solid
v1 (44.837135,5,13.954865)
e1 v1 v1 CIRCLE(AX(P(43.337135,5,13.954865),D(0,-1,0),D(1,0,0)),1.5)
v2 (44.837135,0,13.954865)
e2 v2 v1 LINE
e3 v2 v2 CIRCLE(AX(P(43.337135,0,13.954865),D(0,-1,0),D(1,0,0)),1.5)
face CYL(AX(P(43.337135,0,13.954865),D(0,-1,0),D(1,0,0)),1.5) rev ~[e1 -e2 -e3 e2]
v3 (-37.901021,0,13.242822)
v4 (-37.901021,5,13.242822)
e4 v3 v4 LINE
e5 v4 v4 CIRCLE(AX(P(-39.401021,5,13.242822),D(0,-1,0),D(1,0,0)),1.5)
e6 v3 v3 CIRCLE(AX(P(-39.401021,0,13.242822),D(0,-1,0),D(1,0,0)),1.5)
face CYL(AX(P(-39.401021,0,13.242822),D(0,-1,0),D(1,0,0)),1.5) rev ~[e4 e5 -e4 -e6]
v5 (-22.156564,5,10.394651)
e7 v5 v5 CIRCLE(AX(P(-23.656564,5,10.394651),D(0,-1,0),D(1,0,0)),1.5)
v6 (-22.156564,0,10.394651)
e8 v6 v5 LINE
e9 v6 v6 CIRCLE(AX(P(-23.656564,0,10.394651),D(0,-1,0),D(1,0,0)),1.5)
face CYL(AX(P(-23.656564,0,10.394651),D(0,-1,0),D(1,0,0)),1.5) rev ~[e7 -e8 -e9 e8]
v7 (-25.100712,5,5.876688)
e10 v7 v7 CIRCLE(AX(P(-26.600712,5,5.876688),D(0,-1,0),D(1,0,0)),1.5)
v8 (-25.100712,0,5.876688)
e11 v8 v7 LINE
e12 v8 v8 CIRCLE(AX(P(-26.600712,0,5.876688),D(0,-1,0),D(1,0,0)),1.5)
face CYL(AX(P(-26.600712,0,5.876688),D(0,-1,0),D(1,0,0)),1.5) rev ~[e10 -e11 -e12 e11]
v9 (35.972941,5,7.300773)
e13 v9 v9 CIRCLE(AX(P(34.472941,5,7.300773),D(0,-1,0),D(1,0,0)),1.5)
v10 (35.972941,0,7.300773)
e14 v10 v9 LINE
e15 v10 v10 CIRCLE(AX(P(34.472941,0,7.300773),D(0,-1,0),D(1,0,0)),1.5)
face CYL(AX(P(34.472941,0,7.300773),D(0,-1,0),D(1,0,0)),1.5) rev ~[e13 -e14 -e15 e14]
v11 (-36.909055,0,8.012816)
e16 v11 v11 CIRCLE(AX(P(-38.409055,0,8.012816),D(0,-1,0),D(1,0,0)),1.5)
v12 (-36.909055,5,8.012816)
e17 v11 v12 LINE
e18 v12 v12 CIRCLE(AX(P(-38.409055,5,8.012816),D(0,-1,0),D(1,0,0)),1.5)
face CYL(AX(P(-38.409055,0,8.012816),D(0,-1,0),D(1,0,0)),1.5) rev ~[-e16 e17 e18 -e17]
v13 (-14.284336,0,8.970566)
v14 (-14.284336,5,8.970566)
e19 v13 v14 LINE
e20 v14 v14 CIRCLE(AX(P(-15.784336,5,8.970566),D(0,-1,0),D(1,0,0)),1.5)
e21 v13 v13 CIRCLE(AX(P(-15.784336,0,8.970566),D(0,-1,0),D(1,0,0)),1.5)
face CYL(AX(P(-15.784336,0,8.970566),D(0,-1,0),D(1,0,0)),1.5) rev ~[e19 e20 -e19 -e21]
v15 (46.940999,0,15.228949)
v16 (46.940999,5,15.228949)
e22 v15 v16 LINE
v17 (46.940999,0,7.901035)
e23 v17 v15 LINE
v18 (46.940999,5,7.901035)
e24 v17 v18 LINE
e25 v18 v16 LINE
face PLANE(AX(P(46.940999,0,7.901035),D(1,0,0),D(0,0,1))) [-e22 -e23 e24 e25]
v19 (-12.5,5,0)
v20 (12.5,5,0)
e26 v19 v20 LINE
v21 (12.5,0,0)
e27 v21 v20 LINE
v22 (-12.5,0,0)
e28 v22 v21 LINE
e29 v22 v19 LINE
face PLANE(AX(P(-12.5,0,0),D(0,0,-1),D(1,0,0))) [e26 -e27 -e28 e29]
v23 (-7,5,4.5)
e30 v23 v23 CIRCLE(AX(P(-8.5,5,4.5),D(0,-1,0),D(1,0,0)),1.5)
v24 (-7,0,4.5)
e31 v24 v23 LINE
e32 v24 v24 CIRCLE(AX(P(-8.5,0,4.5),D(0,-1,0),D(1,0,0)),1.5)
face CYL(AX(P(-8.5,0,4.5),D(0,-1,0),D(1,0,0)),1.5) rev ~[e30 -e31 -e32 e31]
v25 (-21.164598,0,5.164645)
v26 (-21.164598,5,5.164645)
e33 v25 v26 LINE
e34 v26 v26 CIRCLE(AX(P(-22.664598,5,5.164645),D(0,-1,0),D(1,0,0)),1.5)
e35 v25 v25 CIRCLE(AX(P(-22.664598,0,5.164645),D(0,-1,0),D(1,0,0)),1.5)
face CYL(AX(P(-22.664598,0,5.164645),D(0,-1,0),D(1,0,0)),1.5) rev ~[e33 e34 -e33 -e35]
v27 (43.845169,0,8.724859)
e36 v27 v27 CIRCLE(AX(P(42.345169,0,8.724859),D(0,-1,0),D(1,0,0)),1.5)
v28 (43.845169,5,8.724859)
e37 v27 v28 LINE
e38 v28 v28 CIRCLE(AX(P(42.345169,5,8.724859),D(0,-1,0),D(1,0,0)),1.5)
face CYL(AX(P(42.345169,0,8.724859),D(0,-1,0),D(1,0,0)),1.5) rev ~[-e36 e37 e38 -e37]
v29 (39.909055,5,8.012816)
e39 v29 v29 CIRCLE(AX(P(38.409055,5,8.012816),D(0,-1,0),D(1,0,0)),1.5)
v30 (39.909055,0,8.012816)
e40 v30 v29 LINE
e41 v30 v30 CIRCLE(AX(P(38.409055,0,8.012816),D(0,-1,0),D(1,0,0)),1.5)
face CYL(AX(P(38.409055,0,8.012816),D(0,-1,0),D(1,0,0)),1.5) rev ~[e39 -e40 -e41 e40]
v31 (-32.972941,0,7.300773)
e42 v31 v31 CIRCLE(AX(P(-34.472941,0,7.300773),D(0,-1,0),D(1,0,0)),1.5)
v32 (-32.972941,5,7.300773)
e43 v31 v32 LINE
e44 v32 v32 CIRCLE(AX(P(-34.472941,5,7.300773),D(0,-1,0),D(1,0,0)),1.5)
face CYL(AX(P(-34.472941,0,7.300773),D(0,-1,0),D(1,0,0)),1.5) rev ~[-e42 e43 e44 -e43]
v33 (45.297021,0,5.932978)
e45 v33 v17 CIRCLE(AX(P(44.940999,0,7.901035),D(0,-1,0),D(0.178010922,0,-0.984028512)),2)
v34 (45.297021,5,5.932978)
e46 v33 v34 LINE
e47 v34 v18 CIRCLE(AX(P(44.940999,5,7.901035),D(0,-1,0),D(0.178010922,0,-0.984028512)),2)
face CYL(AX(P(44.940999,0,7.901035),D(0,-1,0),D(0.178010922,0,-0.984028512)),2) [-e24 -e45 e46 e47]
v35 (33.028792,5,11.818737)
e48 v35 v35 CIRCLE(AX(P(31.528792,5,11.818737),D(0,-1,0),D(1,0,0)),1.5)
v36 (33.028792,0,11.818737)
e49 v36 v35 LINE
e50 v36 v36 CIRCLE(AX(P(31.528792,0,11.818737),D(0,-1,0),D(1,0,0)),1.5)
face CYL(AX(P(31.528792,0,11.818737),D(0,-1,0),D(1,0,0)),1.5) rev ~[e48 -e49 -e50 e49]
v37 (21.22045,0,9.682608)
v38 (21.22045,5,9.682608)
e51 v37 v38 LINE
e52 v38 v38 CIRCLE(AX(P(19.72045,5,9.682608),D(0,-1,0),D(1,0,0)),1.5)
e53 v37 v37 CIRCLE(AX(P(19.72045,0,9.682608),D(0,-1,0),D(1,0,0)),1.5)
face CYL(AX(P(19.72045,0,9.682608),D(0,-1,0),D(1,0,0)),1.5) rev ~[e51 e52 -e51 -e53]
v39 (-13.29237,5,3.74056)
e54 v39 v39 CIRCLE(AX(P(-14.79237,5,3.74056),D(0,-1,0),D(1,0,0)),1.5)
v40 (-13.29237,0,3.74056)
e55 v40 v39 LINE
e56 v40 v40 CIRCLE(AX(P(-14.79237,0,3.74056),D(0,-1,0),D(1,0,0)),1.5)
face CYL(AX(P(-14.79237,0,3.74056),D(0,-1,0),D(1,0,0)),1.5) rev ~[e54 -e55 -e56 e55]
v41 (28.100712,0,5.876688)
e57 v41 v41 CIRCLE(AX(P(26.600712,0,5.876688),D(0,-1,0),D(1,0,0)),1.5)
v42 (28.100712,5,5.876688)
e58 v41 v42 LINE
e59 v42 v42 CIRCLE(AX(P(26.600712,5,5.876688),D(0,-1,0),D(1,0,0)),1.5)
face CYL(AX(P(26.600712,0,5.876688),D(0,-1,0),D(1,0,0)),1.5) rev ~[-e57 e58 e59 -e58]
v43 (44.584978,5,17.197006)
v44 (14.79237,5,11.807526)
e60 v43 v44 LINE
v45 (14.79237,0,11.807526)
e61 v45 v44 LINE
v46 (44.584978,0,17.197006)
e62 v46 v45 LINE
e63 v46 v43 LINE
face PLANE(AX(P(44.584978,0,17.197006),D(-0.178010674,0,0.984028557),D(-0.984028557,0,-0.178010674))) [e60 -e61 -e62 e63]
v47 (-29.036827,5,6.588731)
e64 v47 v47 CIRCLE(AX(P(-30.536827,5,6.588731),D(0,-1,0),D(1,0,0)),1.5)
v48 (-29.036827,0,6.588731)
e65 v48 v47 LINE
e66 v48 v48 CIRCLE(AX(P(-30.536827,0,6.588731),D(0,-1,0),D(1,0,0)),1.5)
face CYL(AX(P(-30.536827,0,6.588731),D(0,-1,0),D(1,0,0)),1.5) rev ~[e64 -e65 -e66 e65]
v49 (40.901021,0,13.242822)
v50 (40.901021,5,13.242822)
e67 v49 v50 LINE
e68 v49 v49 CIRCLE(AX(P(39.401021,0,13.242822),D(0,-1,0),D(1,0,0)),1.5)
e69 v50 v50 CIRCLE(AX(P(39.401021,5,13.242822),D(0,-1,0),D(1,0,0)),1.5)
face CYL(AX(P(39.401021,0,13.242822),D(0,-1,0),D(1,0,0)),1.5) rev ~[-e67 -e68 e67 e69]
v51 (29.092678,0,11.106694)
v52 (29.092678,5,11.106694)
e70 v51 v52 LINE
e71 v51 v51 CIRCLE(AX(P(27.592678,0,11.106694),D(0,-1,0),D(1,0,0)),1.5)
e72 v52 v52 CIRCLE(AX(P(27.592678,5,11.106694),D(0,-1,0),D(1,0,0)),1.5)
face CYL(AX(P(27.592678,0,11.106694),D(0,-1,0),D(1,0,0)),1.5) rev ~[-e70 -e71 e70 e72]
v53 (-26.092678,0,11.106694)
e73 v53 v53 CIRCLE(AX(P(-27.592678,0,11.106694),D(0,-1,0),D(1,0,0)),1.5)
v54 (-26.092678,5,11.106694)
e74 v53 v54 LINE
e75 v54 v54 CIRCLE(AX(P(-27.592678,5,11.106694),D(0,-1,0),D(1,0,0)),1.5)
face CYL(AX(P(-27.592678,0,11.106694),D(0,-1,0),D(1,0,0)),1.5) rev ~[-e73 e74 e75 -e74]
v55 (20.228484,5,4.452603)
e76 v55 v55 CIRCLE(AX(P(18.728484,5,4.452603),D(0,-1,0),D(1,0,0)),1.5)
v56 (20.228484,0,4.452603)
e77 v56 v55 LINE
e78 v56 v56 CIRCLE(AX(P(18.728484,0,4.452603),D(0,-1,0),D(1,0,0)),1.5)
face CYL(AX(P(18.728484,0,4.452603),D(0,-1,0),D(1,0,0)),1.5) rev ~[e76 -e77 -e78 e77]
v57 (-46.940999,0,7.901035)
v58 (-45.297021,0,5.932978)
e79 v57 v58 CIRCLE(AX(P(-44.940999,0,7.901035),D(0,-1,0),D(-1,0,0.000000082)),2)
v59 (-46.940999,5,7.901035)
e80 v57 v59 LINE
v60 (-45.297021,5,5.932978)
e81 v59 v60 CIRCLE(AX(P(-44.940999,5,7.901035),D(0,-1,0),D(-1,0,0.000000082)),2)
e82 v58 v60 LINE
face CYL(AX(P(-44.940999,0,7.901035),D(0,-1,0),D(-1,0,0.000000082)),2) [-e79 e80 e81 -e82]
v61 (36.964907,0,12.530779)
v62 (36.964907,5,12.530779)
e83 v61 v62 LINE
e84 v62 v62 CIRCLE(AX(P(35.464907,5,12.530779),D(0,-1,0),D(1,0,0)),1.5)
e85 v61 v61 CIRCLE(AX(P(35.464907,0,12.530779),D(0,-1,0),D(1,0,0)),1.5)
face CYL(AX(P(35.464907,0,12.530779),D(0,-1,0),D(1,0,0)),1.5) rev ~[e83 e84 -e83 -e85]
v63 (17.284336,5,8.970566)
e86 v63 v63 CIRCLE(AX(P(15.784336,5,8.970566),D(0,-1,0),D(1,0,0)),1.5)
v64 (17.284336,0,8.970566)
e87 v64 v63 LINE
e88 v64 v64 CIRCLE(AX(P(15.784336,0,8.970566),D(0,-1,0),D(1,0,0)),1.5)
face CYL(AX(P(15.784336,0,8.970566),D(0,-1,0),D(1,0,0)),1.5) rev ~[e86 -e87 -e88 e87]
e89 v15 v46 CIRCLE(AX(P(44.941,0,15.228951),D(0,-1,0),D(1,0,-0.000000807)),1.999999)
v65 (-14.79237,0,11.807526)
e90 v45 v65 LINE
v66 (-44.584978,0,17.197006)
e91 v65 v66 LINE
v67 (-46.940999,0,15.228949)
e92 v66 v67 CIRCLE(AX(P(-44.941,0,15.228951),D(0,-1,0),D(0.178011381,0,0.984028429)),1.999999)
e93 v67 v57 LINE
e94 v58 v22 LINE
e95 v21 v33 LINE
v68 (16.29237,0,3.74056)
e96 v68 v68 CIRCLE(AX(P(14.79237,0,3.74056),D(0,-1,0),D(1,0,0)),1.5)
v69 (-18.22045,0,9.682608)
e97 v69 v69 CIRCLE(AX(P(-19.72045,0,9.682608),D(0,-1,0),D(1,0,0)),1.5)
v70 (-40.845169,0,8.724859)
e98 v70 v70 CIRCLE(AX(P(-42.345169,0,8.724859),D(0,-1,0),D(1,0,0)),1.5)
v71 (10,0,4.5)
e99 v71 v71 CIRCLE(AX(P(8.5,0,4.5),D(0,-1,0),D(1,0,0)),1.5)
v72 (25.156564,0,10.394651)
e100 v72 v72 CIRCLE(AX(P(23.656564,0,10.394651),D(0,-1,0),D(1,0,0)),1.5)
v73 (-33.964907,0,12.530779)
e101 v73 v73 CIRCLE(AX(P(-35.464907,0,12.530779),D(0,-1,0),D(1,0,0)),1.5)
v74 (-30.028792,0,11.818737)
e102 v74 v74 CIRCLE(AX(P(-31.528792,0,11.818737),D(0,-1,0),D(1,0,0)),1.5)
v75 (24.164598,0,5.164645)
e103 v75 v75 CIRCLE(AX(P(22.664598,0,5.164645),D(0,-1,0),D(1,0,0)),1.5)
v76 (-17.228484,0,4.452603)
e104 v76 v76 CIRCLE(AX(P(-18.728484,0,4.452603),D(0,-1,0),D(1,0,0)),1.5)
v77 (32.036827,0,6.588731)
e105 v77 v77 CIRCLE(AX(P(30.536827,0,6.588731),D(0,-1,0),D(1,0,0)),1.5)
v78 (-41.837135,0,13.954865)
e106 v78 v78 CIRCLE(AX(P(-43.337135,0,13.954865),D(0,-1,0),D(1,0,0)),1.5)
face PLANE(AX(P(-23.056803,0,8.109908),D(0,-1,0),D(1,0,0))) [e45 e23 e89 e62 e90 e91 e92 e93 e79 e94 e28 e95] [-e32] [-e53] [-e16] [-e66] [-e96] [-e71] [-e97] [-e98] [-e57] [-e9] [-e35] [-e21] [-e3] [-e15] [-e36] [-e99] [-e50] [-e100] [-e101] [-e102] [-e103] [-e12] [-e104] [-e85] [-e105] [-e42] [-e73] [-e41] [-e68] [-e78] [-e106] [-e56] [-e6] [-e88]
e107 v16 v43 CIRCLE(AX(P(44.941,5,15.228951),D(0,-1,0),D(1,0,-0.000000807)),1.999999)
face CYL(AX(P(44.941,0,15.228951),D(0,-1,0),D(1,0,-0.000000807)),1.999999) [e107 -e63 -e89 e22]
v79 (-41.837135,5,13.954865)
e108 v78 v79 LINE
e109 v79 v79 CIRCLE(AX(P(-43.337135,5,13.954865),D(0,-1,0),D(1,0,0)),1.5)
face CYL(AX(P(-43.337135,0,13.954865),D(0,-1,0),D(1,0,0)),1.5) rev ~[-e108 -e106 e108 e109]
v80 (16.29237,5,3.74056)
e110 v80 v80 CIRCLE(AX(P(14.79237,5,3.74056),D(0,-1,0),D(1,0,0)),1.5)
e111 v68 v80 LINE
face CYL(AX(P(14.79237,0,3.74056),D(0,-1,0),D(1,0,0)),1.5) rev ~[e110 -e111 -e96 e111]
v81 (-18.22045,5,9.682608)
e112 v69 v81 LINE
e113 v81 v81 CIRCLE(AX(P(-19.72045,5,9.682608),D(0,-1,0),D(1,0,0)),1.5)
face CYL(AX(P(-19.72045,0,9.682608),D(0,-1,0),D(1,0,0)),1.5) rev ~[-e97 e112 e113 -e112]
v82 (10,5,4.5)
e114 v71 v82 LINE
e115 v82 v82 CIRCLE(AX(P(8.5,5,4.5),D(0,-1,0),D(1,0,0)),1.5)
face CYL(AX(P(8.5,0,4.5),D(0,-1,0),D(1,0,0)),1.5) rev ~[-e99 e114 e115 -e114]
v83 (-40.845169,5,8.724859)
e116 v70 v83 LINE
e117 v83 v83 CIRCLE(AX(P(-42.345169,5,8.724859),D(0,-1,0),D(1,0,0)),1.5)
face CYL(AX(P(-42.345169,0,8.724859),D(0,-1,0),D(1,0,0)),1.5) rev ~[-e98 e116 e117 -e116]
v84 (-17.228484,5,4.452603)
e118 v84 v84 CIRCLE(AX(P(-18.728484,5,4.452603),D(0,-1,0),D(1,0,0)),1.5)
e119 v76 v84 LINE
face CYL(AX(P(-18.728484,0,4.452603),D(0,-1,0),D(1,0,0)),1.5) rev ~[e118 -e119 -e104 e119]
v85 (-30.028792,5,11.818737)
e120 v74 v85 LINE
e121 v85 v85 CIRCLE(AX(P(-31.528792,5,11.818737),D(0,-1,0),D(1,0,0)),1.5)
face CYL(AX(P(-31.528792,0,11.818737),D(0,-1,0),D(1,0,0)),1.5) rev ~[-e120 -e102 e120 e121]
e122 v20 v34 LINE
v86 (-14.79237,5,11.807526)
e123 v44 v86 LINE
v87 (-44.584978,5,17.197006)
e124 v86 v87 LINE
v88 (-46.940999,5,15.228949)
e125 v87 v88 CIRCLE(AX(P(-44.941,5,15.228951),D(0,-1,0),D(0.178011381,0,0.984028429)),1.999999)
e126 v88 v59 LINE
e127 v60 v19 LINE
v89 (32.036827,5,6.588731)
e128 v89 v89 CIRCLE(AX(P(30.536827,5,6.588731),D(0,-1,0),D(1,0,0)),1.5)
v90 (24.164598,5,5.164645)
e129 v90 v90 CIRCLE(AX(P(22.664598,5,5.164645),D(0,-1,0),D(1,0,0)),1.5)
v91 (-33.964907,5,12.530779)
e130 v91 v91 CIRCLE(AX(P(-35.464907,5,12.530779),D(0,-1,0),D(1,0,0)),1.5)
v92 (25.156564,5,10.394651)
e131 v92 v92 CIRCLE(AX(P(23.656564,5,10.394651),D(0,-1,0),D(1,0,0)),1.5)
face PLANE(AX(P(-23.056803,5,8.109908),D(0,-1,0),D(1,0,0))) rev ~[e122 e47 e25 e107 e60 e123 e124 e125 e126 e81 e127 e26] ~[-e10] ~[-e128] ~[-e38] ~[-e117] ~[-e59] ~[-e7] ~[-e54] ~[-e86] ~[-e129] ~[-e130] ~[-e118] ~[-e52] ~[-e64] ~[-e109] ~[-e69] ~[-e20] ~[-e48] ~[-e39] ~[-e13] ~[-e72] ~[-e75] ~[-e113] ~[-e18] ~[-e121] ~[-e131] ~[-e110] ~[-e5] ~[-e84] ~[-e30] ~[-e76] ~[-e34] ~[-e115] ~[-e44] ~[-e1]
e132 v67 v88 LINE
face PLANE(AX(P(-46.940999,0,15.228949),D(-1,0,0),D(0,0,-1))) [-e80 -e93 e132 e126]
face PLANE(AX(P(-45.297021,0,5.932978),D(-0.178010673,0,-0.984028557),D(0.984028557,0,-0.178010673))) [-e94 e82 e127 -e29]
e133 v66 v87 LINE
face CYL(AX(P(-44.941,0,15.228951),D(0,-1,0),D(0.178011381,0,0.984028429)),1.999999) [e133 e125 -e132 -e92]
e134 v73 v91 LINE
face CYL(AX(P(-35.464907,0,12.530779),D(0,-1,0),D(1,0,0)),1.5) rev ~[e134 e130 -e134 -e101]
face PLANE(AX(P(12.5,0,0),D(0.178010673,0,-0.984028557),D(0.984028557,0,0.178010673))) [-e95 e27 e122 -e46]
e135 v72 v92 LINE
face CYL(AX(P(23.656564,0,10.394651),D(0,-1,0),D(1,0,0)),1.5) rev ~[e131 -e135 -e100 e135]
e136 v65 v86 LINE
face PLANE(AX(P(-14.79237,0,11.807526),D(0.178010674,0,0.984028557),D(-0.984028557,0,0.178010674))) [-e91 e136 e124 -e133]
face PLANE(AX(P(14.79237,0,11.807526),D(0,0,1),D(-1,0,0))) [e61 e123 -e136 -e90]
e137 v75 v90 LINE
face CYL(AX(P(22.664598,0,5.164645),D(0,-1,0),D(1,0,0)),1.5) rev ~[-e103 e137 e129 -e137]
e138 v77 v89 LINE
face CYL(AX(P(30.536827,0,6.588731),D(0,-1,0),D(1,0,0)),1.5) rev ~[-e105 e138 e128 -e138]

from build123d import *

# Parameters (mm, degrees)
F0_R     = 1.5
F1_DEPTH = 5


with BuildPart() as f1:
    # F0 (on Front) → F1 (new body)
    with BuildSketch(Plane.XZ):
        with BuildLine():
            Line((-46.940999, 15.228949), (-46.940999, 7.901035))
            ThreePointArc((-46.940999, 7.901035), (-46.475933, 6.618858), (-45.297021, 5.932978))
            Line((-45.297021, 5.932978), (-12.5, 0))
            Line((-12.5, 0), (0, 0))
            Line((0, 0), (0, 11.807526))
            Line((0, 11.807526), (-14.79237, 11.807526))
            Line((-14.79237, 11.807526), (-44.584978, 17.197006))
            ThreePointArc((-44.584978, 17.197006), (-46.223177, 16.763883), (-46.940999, 15.228949))
        make_face()
        with Locations((-14.79237, 3.74056)):
            Circle(F0_R, mode=Mode.SUBTRACT)
        with Locations((-26.600712, 5.876688)):
            Circle(F0_R, mode=Mode.SUBTRACT)
        with Locations((-38.409055, 8.012816)):
            Circle(F0_R, mode=Mode.SUBTRACT)
        with Locations((-30.536827, 6.588731)):
            Circle(F0_R, mode=Mode.SUBTRACT)
        with Locations((-34.472941, 7.300773)):
            Circle(F0_R, mode=Mode.SUBTRACT)
        with Locations((-18.728484, 4.452603)):
            Circle(F0_R, mode=Mode.SUBTRACT)
        with Locations((-22.664598, 5.164645)):
            Circle(F0_R, mode=Mode.SUBTRACT)
        with Locations((-8.5, 4.5)):
            Circle(F0_R, mode=Mode.SUBTRACT)
        with Locations((-42.345169, 8.724859)):
            Circle(F0_R, mode=Mode.SUBTRACT)
        with Locations((-23.656564, 10.394651)):
            Circle(F0_R, mode=Mode.SUBTRACT)
        with Locations((-35.464907, 12.530779)):
            Circle(F0_R, mode=Mode.SUBTRACT)
        with Locations((-31.528792, 11.818737)):
            Circle(F0_R, mode=Mode.SUBTRACT)
        with Locations((-27.592678, 11.106694)):
            Circle(F0_R, mode=Mode.SUBTRACT)
        with Locations((-19.72045, 9.682608)):
            Circle(F0_R, mode=Mode.SUBTRACT)
        with Locations((-15.784336, 8.970566)):
            Circle(F0_R, mode=Mode.SUBTRACT)
        with Locations((-43.337135, 13.954865)):
            Circle(F0_R, mode=Mode.SUBTRACT)
        with Locations((-39.401021, 13.242822)):
            Circle(F0_R, mode=Mode.SUBTRACT)
        with BuildLine():
            Line((0, 11.807526), (0, 0))
            Line((0, 0), (12.5, 0))
            Line((12.5, 0), (45.297021, 5.932978))
            ThreePointArc((45.297021, 5.932978), (46.475933, 6.618858), (46.940999, 7.901035))
            Line((46.940999, 7.901035), (46.940999, 15.228949))
            ThreePointArc((46.940999, 15.228949), (46.223177, 16.763883), (44.584978, 17.197006))
            Line((44.584978, 17.197006), (14.79237, 11.807526))
            Line((14.79237, 11.807526), (0, 11.807526))
        make_face()
        with Locations((14.79237, 3.74056)):
            Circle(F0_R, mode=Mode.SUBTRACT)
        with Locations((8.5, 4.5)):
            Circle(F0_R, mode=Mode.SUBTRACT)
        with Locations((18.728484, 4.452603)):
            Circle(F0_R, mode=Mode.SUBTRACT)
        with Locations((22.664598, 5.164645)):
            Circle(F0_R, mode=Mode.SUBTRACT)
        with Locations((26.600712, 5.876688)):
            Circle(F0_R, mode=Mode.SUBTRACT)
        with Locations((30.536827, 6.588731)):
            Circle(F0_R, mode=Mode.SUBTRACT)
        with Locations((34.472941, 7.300773)):
            Circle(F0_R, mode=Mode.SUBTRACT)
        with Locations((38.409055, 8.012816)):
            Circle(F0_R, mode=Mode.SUBTRACT)
        with Locations((15.784336, 8.970566)):
            Circle(F0_R, mode=Mode.SUBTRACT)
        with Locations((19.72045, 9.682608)):
            Circle(F0_R, mode=Mode.SUBTRACT)
        with Locations((23.656564, 10.394651)):
            Circle(F0_R, mode=Mode.SUBTRACT)
        with Locations((42.345169, 8.724859)):
            Circle(F0_R, mode=Mode.SUBTRACT)
        with Locations((27.592678, 11.106694)):
            Circle(F0_R, mode=Mode.SUBTRACT)
        with Locations((31.528792, 11.818737)):
            Circle(F0_R, mode=Mode.SUBTRACT)
        with Locations((35.464907, 12.530779)):
            Circle(F0_R, mode=Mode.SUBTRACT)
        with Locations((39.401021, 13.242822)):
            Circle(F0_R, mode=Mode.SUBTRACT)
        with Locations((43.337135, 13.954865)):
            Circle(F0_R, mode=Mode.SUBTRACT)
    extrude(amount=-F1_DEPTH)


solid = f1.part
